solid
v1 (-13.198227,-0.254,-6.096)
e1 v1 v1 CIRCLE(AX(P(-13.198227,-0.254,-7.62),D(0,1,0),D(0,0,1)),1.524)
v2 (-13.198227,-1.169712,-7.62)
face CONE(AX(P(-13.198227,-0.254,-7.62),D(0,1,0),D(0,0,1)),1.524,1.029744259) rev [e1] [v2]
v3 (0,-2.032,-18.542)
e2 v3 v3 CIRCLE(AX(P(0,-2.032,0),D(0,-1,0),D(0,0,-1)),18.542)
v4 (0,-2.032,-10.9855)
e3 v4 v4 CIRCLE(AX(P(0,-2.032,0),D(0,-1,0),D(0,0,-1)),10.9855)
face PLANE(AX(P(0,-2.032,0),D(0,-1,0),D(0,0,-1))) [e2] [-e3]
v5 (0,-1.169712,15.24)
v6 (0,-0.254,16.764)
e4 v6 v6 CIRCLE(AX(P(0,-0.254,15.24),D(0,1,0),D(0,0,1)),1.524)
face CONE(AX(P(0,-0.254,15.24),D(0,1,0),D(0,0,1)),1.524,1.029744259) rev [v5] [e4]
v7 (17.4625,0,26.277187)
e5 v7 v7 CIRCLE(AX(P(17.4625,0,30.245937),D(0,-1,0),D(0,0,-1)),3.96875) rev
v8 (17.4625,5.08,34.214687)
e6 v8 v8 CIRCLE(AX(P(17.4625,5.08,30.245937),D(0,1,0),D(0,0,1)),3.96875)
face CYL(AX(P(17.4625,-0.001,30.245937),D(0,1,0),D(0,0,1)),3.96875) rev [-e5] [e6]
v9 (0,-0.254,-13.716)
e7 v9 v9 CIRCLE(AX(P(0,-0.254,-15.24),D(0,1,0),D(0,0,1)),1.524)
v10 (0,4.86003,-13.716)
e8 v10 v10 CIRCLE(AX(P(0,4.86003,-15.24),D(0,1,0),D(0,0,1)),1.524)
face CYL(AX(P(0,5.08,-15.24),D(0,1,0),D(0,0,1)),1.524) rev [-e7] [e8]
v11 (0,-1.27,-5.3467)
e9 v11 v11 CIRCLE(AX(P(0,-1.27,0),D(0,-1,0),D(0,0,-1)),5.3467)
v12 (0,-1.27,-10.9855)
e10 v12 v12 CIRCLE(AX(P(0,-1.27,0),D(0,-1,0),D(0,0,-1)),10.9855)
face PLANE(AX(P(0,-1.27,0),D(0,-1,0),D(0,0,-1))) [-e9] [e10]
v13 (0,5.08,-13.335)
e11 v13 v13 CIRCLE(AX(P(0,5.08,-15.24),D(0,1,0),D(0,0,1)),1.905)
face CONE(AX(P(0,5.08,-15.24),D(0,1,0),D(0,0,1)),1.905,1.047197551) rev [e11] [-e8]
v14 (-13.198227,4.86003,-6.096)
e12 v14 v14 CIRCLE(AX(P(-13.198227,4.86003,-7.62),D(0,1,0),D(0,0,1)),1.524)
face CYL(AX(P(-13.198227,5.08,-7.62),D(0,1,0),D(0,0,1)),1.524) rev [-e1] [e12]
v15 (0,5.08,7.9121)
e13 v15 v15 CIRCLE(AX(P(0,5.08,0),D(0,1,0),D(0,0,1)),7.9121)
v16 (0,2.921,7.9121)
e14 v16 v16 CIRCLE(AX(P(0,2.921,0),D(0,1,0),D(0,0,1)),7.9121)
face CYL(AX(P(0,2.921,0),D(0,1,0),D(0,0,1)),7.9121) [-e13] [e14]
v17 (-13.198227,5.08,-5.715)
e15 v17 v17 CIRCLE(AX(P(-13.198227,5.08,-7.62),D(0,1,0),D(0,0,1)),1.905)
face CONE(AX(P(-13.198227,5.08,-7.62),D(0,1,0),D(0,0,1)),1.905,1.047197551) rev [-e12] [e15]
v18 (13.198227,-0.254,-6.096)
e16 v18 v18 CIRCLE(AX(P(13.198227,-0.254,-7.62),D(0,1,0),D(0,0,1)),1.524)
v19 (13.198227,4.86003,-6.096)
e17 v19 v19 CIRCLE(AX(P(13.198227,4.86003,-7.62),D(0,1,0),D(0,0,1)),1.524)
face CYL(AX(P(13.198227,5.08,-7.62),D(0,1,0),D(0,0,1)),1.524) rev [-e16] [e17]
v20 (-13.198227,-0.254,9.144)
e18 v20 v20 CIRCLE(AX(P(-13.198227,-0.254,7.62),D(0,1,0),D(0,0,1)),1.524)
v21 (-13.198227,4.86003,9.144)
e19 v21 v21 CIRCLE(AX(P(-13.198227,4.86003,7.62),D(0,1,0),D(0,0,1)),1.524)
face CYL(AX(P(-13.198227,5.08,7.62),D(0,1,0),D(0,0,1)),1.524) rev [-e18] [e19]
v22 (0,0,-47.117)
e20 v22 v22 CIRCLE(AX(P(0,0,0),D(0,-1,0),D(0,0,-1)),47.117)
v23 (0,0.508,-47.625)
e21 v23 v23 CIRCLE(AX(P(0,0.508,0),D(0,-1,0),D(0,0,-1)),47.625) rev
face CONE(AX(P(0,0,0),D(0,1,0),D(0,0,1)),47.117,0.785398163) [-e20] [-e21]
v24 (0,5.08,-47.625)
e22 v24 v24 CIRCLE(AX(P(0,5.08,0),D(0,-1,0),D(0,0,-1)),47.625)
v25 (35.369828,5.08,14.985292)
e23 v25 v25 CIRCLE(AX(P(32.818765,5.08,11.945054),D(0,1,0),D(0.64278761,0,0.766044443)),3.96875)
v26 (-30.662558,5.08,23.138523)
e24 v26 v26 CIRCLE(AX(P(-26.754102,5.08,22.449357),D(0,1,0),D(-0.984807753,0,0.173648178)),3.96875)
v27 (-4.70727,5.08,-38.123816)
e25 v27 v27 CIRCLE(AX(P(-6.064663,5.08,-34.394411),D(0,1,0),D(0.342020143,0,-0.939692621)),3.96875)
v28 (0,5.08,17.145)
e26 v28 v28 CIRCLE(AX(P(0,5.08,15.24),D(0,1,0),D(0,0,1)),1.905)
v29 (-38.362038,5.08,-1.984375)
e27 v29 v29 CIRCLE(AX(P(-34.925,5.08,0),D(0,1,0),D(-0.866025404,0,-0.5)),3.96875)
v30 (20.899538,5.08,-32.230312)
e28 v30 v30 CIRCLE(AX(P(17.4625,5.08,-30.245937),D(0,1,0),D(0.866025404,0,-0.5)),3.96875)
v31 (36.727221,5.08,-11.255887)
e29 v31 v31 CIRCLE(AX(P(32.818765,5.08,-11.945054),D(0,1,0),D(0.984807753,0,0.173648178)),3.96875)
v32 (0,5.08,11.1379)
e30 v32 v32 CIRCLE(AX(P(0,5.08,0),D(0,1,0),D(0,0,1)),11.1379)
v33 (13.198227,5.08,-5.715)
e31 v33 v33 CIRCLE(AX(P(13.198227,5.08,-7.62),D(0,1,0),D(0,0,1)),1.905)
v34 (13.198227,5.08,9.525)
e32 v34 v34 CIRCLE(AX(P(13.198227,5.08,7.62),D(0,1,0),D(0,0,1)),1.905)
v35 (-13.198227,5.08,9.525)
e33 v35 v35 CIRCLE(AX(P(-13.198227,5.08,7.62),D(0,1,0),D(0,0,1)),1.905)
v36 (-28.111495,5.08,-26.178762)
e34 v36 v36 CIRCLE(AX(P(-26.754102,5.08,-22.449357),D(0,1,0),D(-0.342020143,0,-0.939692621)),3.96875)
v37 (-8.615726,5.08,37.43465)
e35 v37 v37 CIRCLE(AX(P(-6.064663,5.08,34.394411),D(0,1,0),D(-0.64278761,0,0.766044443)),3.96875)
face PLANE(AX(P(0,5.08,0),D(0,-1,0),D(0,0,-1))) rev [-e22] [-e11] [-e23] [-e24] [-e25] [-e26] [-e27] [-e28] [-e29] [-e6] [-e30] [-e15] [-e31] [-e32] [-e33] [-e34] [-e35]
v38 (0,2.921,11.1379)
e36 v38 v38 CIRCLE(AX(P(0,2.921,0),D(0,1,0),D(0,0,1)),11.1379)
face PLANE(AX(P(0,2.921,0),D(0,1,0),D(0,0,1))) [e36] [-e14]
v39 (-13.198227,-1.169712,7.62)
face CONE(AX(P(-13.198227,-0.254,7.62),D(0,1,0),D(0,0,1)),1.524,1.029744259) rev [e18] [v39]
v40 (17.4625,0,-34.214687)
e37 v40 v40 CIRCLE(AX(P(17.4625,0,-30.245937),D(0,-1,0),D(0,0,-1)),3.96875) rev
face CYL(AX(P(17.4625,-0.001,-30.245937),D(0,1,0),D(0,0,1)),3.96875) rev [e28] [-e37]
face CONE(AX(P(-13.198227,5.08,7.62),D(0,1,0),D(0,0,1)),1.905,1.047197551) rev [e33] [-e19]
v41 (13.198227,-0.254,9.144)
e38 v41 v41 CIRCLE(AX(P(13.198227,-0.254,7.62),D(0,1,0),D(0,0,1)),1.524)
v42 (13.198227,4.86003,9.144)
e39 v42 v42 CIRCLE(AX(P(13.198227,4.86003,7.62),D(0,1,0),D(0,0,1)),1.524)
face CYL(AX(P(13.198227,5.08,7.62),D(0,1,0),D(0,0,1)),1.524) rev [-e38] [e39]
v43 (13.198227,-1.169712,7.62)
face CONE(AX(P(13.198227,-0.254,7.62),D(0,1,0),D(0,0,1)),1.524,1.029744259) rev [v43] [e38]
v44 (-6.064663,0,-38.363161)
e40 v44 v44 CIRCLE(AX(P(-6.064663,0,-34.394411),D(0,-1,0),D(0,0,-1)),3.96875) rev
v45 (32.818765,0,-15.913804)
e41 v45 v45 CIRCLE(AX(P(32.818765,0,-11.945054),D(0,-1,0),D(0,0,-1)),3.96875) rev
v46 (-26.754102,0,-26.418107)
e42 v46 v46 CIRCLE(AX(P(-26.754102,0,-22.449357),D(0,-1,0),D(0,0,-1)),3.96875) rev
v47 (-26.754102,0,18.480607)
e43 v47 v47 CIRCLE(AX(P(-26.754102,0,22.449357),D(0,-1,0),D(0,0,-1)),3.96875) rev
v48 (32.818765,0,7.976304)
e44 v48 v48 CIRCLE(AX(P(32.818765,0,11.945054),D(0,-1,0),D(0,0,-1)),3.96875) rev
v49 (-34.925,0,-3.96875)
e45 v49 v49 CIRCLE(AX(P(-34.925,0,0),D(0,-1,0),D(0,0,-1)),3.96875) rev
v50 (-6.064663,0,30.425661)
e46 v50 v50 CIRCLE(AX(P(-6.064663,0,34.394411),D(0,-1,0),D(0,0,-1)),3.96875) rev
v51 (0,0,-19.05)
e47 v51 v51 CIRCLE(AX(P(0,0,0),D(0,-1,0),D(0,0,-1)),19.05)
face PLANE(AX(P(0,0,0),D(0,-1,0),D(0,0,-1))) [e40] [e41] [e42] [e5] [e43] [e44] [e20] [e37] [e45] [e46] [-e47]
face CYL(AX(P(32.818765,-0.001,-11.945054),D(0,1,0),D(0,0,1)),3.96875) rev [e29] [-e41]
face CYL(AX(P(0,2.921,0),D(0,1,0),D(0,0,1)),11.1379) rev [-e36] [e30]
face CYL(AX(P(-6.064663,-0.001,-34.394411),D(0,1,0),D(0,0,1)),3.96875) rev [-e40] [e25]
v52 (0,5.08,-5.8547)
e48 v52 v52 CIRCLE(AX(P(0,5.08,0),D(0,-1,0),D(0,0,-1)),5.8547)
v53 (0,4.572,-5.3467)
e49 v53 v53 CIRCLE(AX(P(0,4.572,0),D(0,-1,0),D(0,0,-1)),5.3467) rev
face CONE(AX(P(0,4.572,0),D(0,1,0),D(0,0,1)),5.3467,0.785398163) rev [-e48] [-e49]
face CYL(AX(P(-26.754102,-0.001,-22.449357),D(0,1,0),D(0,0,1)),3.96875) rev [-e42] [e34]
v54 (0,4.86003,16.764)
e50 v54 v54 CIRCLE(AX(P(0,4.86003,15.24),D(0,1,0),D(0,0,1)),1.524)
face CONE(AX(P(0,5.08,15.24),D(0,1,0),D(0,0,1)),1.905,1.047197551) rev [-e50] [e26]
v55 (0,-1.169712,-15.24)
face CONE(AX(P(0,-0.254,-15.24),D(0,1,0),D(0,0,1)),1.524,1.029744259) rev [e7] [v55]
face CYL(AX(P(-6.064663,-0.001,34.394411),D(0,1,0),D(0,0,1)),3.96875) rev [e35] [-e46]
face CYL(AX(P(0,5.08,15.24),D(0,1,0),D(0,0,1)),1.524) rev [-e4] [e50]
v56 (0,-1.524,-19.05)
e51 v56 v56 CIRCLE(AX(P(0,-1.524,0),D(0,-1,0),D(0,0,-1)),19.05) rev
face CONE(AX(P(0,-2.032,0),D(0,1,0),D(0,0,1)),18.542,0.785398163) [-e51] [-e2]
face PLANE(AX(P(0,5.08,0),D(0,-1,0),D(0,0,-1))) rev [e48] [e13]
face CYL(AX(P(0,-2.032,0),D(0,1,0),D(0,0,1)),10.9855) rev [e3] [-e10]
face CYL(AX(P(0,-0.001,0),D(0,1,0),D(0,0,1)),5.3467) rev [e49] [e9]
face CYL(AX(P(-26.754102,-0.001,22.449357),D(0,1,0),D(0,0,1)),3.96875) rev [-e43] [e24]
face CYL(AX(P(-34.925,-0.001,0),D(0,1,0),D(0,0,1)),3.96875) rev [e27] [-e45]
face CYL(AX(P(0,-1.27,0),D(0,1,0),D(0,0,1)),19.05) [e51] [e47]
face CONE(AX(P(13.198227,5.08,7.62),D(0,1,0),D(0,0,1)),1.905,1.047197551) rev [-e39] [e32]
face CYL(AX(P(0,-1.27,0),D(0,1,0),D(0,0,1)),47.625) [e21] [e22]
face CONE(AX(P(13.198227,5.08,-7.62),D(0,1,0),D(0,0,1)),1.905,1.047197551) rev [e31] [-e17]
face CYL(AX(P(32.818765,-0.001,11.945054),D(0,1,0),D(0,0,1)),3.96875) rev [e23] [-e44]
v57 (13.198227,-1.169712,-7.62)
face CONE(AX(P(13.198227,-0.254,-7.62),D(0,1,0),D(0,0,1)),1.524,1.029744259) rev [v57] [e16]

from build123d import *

# Parameters (mm, degrees)
SKETCH1_W               = 127
SKETCH1_H               = 127
BOSS_EXTRUDE1_DEPTH     = 5.08
CUT_EXTRUDE1_REACH      = 7.08
SKETCH2_R               = 5.3467
SKETCH4_R               = 11.1379
SKETCH4_R_2             = 7.9121
CUT_EXTRUDE3_DEPTH      = 2.159
SKETCH6_R               = 3.96875
CUT_EXTRUDE5_DEPTH      = 5.08
CIRPATTERN2_COUNT       = 9
CUT_EXTRUDE6_REACH      = 7.08
SKETCH7_R               = 3.175
SKETCH9_R               = 19.05
SKETCH9_R_2             = 5.3467
BOSS_EXTRUDE2_DEPTH     = 1.27
SKETCH10_W              = 168.716053106
SKETCH10_H              = 169.87414825
SKETCH10_R              = 47.625
CUT_EXTRUDE7_DEPTH      = 1
CUT_EXTRUDE7_DEPTH_BACK = 7.35
SKETCH16_R              = 19.05
SKETCH16_R_2            = 10.9855
BOSS_EXTRUDE3_DEPTH     = 0.762
CHAMFER1_SIZE           = 0.508
CIRPATTERN3_COUNT       = 6


with BuildPart() as part:
    # Sketch1 → Boss-Extrude1 (new body)
    with BuildSketch(Plane(origin=(0, 0, 0), x_dir=(1, 0, 0), z_dir=(0, 1, 0))):
        Rectangle(SKETCH1_W, SKETCH1_H)
    extrude(amount=BOSS_EXTRUDE1_DEPTH)

    # Sketch2 → Cut-Extrude1 (cut, up to next)
    with BuildSketch(Plane(origin=(0, 5.08, 0), x_dir=(1, 0, 0), z_dir=(0, 1, 0)), mode=Mode.PRIVATE) as cut_extrude1_sk1:
        Circle(SKETCH2_R)
    cut_extrude1_tool1 = extrude(cut_extrude1_sk1.sketch, amount=-CUT_EXTRUDE1_REACH, mode=Mode.PRIVATE) & part.part
    add(cut_extrude1_tool1.solids().sort_by_distance((0, 5.08, 0))[0], mode=Mode.SUBTRACT)

    # Sketch4 → Cut-Extrude3 (cut)
    with BuildSketch(Plane(origin=(0, 5.08, 0), x_dir=(1, 0, 0), z_dir=(0, 1, 0))):
        Circle(SKETCH4_R)
        Circle(SKETCH4_R_2, mode=Mode.SUBTRACT)
    extrude(amount=-CUT_EXTRUDE3_DEPTH, mode=Mode.SUBTRACT)

    # Sketch6 → Cut-Extrude5 (cut)
    with BuildSketch(Plane(origin=(0, 5.08, 0), x_dir=(1, 0, 0), z_dir=(0, 1, 0))):
        with Locations((17.4625, -30.245937227)):
            Circle(SKETCH6_R)
    cut_extrude5 = extrude(amount=-CUT_EXTRUDE5_DEPTH, mode=Mode.SUBTRACT)

    # CirPattern2: Cut-Extrude5 ×9 about axis
    cirpattern2_axis = Axis((0, 0, 0), (0, 1, 0))
    for i in range(1, CIRPATTERN2_COUNT):
        add(cut_extrude5.rotate(cirpattern2_axis, i * 360 / CIRPATTERN2_COUNT), mode=Mode.SUBTRACT)

    # Sketch7 → Cut-Extrude6 (cut, up to next)
    with BuildSketch(Plane(origin=(0, 5.08, 0), x_dir=(1, 0, 0), z_dir=(0, 1, 0)), mode=Mode.PRIVATE) as cut_extrude6_sk1:
        with Locations((57.15, 57.15)):
            Circle(SKETCH7_R)
    cut_extrude6_tool1 = extrude(cut_extrude6_sk1.sketch, amount=-CUT_EXTRUDE6_REACH, mode=Mode.PRIVATE) & part.part
    add(cut_extrude6_tool1.solids().sort_by_distance((57.15, 5.08, -57.15))[0], mode=Mode.SUBTRACT)
    # Sketch7 → Cut-Extrude6 (cut, up to next)
    with BuildSketch(Plane(origin=(0, 5.08, 0), x_dir=(1, 0, 0), z_dir=(0, 1, 0)), mode=Mode.PRIVATE) as cut_extrude6_sk2:
        with Locations((57.15, -57.15)):
            Circle(SKETCH7_R)
    cut_extrude6_tool2 = extrude(cut_extrude6_sk2.sketch, amount=-CUT_EXTRUDE6_REACH, mode=Mode.PRIVATE) & part.part
    add(cut_extrude6_tool2.solids().sort_by_distance((57.15, 5.08, 57.15))[0], mode=Mode.SUBTRACT)
    # Sketch7 → Cut-Extrude6 (cut, up to next)
    with BuildSketch(Plane(origin=(0, 5.08, 0), x_dir=(1, 0, 0), z_dir=(0, 1, 0)), mode=Mode.PRIVATE) as cut_extrude6_sk3:
        with Locations((-57.15, -57.15)):
            Circle(SKETCH7_R)
    cut_extrude6_tool3 = extrude(cut_extrude6_sk3.sketch, amount=-CUT_EXTRUDE6_REACH, mode=Mode.PRIVATE) & part.part
    add(cut_extrude6_tool3.solids().sort_by_distance((-57.15, 5.08, 57.15))[0], mode=Mode.SUBTRACT)
    # Sketch7 → Cut-Extrude6 (cut, up to next)
    with BuildSketch(Plane(origin=(0, 5.08, 0), x_dir=(1, 0, 0), z_dir=(0, 1, 0)), mode=Mode.PRIVATE) as cut_extrude6_sk4:
        with Locations((-57.15, 57.15)):
            Circle(SKETCH7_R)
    cut_extrude6_tool4 = extrude(cut_extrude6_sk4.sketch, amount=-CUT_EXTRUDE6_REACH, mode=Mode.PRIVATE) & part.part
    add(cut_extrude6_tool4.solids().sort_by_distance((-57.15, 5.08, -57.15))[0], mode=Mode.SUBTRACT)

    # Sketch9 → Boss-Extrude2 (add)
    with BuildSketch(Plane.XZ):
        Circle(SKETCH9_R)
        Circle(SKETCH9_R_2, mode=Mode.SUBTRACT)
    extrude(amount=BOSS_EXTRUDE2_DEPTH)

    # Sketch10 → Cut-Extrude7 (cut, two sides)
    with BuildSketch(Plane(origin=(0, 5.08, 0), x_dir=(1, 0, 0), z_dir=(0, 1, 0))) as cut_extrude7_sk:
        Rectangle(SKETCH10_W, SKETCH10_H)
        Circle(SKETCH10_R, mode=Mode.SUBTRACT)
    extrude(amount=CUT_EXTRUDE7_DEPTH, mode=Mode.SUBTRACT)
    extrude(cut_extrude7_sk.sketch, amount=-CUT_EXTRUDE7_DEPTH_BACK, mode=Mode.SUBTRACT)

    # Sketch15 → Tapped Hole for #4-40 Helicoil3 (revolve, cut)
    with BuildSketch(Plane(origin=(0, 5.08, -15.24), x_dir=(0, 0, 1), z_dir=(1, 0, 0))):
        Polygon((0, 0), (0, 6.249711583), (1.524, 5.334), (1.524, 0.219970453), (1.905, 0), align=None)
    tapped_hole_for_4_40_helicoil3 = revolve(axis=Axis((0, 11.43, -15.24), (0, -1, 0)), mode=Mode.SUBTRACT)

    # Sketch16 → Boss-Extrude3 (add)
    with BuildSketch(Plane.XZ.offset(1.27)):
        Circle(SKETCH16_R)
        Circle(SKETCH16_R_2, mode=Mode.SUBTRACT)
    extrude(amount=BOSS_EXTRUDE3_DEPTH)

    # Chamfer1
    chamfer1_edges = [part.edges().sort_by_distance(p)[0] for p in [
        (-19.05, -2.032, 0),
        (-5.3467, 5.08, 0),
        (-47.625, 0, 0),
    ]]
    chamfer(chamfer1_edges, length=CHAMFER1_SIZE)

    # CirPattern3: Tapped Hole for #4-40 Helicoil3 ×6 about axis
    cirpattern3_axis = Axis((0, 0, 0), (0, 1, 0))
    for i in range(1, CIRPATTERN3_COUNT):
        add(tapped_hole_for_4_40_helicoil3.rotate(cirpattern3_axis, i * 360 / CIRPATTERN3_COUNT), mode=Mode.SUBTRACT)


solid = part.part
